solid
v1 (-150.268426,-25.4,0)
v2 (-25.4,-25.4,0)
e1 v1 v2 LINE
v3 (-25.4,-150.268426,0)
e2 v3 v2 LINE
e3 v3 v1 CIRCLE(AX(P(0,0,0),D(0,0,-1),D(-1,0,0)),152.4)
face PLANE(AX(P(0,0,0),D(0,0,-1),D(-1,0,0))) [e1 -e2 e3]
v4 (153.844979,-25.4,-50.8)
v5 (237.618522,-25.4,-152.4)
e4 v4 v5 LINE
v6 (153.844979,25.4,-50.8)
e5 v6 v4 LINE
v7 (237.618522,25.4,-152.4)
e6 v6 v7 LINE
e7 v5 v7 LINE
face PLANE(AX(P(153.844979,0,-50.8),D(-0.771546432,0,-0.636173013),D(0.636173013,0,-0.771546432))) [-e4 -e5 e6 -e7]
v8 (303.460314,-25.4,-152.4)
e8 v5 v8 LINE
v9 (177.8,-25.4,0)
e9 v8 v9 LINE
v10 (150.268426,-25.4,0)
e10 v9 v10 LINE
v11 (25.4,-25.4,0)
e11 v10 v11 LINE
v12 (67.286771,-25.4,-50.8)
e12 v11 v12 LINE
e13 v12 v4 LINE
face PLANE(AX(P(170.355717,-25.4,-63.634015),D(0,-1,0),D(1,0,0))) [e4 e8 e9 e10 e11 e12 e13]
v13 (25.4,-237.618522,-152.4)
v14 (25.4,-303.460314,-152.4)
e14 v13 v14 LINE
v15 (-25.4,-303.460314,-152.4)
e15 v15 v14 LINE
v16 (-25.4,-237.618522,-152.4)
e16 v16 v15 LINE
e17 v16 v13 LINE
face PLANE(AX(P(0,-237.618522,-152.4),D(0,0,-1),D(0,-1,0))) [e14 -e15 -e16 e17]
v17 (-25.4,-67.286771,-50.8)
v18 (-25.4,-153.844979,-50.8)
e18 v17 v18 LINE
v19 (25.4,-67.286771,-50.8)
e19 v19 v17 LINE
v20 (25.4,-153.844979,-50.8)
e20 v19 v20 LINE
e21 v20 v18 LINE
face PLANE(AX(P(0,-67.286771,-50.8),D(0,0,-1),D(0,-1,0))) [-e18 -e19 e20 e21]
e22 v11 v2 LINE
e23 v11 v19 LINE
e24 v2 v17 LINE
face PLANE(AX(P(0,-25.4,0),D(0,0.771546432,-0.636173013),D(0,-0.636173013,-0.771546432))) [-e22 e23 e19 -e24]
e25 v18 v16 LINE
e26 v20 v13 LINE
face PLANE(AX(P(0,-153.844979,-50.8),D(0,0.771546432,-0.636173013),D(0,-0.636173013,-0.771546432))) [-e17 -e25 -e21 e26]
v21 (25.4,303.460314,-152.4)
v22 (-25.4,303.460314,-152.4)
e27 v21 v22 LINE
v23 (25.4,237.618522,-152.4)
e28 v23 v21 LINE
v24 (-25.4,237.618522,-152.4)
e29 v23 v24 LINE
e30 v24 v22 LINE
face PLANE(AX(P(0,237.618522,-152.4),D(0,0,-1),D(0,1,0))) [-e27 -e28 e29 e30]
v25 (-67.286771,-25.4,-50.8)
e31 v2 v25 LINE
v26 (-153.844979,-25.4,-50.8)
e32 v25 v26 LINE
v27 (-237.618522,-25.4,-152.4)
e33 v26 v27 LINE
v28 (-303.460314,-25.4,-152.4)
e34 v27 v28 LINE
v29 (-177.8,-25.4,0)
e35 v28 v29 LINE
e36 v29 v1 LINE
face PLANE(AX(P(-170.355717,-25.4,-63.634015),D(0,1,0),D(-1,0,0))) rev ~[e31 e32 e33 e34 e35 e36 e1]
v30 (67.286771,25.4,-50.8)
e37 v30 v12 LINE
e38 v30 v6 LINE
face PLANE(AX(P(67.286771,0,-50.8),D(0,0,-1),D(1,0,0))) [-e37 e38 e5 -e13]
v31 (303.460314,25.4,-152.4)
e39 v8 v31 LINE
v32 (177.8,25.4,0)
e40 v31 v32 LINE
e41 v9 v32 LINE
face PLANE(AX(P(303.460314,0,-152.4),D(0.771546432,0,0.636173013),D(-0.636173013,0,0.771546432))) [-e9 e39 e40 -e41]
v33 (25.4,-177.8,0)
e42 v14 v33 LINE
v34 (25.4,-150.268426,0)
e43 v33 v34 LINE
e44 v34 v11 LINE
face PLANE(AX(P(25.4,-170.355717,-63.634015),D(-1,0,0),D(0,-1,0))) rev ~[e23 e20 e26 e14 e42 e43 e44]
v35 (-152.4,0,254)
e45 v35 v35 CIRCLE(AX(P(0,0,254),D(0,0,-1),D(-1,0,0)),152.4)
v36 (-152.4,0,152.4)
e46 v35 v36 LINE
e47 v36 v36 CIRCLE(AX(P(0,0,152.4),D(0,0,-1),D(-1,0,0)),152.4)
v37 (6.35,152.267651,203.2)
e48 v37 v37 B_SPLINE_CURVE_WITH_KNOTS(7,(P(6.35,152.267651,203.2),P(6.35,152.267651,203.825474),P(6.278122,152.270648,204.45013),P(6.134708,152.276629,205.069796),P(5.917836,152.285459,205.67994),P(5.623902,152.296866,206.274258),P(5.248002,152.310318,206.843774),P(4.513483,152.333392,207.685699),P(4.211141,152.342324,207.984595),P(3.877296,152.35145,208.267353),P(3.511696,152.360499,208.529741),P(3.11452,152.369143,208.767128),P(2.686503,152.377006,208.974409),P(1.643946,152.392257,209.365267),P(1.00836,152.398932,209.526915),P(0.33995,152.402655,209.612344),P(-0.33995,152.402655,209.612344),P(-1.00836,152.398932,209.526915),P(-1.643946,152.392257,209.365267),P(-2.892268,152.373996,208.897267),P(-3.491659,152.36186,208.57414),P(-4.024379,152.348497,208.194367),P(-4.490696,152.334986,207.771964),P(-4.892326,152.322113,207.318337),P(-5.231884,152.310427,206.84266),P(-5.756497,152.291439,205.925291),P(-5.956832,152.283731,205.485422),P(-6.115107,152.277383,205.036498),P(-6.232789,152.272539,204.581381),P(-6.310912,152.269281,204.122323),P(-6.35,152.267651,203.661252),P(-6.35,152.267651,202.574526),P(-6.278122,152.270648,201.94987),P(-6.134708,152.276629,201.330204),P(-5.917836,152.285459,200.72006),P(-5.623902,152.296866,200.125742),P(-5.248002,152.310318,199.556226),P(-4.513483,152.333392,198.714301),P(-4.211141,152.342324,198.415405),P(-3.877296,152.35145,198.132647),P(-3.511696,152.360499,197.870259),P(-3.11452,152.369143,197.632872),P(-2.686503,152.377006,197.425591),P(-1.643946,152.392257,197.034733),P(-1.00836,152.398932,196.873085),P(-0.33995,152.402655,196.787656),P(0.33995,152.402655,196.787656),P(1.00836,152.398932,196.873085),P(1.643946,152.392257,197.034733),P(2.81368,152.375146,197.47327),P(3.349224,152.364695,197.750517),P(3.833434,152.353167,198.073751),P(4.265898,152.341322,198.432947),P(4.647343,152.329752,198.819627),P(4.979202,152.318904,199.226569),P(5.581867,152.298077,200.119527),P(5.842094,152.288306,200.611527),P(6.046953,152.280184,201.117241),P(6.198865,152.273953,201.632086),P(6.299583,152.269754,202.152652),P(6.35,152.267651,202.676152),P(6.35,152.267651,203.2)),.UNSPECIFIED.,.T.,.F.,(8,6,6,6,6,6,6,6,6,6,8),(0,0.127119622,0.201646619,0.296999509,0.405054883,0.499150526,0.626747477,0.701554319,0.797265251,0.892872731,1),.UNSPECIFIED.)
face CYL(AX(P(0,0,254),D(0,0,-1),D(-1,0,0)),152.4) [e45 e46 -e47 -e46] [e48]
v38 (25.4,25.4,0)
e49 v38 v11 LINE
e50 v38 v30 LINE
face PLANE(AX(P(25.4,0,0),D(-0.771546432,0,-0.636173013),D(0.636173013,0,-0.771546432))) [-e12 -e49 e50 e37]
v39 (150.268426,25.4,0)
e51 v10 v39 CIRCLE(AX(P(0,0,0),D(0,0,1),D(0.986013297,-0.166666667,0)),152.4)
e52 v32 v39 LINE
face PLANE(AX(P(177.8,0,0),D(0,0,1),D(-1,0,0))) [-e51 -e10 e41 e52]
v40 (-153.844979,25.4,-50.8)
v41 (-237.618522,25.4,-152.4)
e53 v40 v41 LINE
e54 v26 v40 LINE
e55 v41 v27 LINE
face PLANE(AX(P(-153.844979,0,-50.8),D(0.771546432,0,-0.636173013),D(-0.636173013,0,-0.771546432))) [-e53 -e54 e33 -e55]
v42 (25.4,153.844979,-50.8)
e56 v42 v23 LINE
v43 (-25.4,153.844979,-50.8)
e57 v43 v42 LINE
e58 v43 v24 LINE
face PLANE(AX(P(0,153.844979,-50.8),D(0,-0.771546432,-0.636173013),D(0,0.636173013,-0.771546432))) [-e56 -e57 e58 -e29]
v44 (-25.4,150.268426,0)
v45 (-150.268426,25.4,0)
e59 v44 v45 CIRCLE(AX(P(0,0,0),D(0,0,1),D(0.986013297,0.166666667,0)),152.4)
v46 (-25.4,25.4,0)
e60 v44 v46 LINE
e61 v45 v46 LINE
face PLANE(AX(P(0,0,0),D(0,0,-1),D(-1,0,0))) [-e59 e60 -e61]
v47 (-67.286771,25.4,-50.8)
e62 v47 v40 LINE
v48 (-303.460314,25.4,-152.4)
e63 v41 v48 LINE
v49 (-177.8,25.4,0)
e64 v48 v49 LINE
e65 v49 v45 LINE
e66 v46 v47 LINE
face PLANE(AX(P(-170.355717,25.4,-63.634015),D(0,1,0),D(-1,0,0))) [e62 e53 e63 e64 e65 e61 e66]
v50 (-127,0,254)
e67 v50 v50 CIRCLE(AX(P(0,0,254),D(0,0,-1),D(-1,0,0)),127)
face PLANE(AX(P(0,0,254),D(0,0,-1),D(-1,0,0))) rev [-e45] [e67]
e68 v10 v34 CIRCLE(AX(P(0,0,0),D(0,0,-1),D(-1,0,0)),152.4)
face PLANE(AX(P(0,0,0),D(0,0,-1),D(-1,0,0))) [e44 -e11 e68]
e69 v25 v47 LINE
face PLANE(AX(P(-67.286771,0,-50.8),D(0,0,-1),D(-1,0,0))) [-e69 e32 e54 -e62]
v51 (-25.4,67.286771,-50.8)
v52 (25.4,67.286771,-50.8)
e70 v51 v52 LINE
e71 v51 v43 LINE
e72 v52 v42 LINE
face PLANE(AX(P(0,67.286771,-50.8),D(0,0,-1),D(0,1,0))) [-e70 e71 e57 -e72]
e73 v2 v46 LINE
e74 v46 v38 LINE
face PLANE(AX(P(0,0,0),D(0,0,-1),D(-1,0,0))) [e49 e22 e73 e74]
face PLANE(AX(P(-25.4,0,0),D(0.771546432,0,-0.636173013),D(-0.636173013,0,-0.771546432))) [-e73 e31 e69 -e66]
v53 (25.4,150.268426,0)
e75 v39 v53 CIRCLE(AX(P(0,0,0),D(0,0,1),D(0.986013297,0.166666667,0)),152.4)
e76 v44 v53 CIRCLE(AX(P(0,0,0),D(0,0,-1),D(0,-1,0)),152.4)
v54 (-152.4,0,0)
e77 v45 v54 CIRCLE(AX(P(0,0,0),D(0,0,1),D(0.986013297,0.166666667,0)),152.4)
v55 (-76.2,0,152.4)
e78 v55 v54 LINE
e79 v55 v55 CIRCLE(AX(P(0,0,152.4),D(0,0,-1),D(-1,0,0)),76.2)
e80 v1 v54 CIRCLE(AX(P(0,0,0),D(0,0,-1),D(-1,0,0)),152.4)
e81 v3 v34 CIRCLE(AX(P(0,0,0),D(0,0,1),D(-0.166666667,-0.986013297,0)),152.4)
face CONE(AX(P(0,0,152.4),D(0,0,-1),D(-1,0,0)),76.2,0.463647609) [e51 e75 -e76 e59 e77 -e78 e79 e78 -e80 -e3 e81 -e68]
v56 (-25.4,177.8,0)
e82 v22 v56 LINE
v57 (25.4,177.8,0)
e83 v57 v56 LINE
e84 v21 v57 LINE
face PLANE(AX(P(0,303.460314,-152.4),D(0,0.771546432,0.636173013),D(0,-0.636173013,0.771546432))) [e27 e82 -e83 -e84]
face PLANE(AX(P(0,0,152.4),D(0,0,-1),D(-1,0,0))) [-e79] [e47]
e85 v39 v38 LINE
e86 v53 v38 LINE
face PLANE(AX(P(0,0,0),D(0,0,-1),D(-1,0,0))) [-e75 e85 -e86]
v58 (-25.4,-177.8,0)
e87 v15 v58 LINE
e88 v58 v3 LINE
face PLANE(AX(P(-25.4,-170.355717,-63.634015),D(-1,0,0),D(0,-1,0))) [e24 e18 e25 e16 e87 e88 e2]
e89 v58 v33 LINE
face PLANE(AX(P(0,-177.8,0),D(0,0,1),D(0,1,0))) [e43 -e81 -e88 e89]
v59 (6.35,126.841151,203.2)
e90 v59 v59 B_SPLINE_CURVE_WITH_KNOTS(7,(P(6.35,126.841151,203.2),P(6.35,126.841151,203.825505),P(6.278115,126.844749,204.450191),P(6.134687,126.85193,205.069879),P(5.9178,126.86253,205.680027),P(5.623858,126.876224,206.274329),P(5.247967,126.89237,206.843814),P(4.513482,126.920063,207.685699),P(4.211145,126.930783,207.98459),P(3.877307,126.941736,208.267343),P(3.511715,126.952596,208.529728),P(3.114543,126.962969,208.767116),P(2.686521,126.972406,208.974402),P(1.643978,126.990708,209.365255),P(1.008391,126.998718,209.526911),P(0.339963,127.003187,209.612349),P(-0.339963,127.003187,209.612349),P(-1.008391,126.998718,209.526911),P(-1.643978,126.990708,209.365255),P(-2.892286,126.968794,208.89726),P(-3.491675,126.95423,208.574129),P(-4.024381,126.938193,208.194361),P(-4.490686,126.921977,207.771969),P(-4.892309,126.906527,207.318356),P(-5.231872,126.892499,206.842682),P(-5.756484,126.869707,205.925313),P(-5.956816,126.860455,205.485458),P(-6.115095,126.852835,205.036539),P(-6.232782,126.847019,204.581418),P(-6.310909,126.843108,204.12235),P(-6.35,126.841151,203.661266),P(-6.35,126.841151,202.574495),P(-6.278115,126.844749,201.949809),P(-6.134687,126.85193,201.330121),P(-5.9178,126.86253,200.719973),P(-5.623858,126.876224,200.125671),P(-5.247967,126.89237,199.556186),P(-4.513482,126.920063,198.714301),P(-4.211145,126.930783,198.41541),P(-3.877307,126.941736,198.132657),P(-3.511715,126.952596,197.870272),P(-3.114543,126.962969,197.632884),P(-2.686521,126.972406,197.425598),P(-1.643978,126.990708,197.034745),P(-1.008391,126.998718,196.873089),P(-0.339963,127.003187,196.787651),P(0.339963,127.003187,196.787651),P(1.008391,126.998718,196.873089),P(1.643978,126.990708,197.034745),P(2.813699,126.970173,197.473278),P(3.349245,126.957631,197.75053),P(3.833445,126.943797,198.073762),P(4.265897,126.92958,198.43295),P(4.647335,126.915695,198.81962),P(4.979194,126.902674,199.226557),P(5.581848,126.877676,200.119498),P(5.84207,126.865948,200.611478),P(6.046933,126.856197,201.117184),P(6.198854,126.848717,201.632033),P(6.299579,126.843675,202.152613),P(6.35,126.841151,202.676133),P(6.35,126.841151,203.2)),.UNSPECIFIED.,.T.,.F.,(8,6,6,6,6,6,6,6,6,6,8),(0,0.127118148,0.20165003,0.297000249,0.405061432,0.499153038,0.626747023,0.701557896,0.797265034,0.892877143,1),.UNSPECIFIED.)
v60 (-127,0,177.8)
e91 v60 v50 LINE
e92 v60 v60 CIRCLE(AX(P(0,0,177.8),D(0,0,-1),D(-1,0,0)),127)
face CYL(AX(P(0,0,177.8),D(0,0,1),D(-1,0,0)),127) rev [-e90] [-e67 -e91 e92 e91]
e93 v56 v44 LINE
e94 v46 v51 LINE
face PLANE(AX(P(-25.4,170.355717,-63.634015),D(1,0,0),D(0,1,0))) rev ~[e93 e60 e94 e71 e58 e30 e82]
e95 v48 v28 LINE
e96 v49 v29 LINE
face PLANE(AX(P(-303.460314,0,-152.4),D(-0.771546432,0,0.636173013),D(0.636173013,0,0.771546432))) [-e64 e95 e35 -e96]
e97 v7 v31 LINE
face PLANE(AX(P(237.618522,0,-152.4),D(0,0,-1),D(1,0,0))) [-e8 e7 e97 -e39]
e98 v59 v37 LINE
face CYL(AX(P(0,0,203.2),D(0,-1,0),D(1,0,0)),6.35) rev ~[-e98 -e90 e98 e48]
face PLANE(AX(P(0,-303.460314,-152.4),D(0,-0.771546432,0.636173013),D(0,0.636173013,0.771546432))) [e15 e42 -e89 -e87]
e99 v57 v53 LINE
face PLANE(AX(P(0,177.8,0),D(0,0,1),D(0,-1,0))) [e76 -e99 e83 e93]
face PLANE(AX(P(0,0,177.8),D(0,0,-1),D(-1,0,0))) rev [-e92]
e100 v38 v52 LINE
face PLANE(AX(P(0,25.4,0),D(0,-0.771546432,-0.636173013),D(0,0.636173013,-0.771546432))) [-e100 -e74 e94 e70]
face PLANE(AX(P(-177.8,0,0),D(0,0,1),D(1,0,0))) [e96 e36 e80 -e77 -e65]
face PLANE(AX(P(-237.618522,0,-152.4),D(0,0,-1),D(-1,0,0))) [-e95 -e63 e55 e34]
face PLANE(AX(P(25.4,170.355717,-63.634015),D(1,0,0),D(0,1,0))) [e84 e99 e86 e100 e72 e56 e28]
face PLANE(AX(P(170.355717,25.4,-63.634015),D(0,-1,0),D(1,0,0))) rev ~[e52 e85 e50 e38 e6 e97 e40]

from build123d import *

# Parameters (mm, degrees)
F3_DEPTH = 25.4
F4_COUNT = 4
F5_R     = 6.35
F6_DEPTH = 508


with BuildPart() as f1:
    # F0 (on Front) → F1 (revolve)
    with BuildSketch(Plane.XZ):
        Polygon((-76.2, 152.4), (0, 152.4), (0, 177.8), (-127, 177.8), (-127, 254), (-152.4, 254), (-152.4, 152.4), align=None)
        Polygon((-152.4, 0), (0, 0), (0, 152.4), (-76.2, 152.4), align=None)
    revolve(axis=Axis((0, 0, 76.2), (0, 0, -1)))

    # F2 (on Front) → F3 (join, symmetric)
    with BuildSketch(Plane.XZ):
        Polygon((177.8, 0), (25.4, 0), (67.2867714516, -50.8), (153.8449790805, -50.8), (237.6185219837, -152.4), (303.4603143548, -152.4), align=None)
    extrude(amount=F3_DEPTH, both=True)

    # F4: F1 ×4 about axis
    f4_axis = Axis((0, 0, 152.4), (0, 0, -1))


with BuildPart() as f1_1:
    add(f1.part)
    for i in range(1, F4_COUNT):
        add(f1.part.rotate(f4_axis, i * 360 / F4_COUNT))

    # F5 (on Front) → F6 (cut)
    with BuildSketch(Plane.XZ):
        with Locations((0, 203.2)):
            Circle(F5_R)
    extrude(amount=-F6_DEPTH, mode=Mode.SUBTRACT)


solid = f1_1.part
